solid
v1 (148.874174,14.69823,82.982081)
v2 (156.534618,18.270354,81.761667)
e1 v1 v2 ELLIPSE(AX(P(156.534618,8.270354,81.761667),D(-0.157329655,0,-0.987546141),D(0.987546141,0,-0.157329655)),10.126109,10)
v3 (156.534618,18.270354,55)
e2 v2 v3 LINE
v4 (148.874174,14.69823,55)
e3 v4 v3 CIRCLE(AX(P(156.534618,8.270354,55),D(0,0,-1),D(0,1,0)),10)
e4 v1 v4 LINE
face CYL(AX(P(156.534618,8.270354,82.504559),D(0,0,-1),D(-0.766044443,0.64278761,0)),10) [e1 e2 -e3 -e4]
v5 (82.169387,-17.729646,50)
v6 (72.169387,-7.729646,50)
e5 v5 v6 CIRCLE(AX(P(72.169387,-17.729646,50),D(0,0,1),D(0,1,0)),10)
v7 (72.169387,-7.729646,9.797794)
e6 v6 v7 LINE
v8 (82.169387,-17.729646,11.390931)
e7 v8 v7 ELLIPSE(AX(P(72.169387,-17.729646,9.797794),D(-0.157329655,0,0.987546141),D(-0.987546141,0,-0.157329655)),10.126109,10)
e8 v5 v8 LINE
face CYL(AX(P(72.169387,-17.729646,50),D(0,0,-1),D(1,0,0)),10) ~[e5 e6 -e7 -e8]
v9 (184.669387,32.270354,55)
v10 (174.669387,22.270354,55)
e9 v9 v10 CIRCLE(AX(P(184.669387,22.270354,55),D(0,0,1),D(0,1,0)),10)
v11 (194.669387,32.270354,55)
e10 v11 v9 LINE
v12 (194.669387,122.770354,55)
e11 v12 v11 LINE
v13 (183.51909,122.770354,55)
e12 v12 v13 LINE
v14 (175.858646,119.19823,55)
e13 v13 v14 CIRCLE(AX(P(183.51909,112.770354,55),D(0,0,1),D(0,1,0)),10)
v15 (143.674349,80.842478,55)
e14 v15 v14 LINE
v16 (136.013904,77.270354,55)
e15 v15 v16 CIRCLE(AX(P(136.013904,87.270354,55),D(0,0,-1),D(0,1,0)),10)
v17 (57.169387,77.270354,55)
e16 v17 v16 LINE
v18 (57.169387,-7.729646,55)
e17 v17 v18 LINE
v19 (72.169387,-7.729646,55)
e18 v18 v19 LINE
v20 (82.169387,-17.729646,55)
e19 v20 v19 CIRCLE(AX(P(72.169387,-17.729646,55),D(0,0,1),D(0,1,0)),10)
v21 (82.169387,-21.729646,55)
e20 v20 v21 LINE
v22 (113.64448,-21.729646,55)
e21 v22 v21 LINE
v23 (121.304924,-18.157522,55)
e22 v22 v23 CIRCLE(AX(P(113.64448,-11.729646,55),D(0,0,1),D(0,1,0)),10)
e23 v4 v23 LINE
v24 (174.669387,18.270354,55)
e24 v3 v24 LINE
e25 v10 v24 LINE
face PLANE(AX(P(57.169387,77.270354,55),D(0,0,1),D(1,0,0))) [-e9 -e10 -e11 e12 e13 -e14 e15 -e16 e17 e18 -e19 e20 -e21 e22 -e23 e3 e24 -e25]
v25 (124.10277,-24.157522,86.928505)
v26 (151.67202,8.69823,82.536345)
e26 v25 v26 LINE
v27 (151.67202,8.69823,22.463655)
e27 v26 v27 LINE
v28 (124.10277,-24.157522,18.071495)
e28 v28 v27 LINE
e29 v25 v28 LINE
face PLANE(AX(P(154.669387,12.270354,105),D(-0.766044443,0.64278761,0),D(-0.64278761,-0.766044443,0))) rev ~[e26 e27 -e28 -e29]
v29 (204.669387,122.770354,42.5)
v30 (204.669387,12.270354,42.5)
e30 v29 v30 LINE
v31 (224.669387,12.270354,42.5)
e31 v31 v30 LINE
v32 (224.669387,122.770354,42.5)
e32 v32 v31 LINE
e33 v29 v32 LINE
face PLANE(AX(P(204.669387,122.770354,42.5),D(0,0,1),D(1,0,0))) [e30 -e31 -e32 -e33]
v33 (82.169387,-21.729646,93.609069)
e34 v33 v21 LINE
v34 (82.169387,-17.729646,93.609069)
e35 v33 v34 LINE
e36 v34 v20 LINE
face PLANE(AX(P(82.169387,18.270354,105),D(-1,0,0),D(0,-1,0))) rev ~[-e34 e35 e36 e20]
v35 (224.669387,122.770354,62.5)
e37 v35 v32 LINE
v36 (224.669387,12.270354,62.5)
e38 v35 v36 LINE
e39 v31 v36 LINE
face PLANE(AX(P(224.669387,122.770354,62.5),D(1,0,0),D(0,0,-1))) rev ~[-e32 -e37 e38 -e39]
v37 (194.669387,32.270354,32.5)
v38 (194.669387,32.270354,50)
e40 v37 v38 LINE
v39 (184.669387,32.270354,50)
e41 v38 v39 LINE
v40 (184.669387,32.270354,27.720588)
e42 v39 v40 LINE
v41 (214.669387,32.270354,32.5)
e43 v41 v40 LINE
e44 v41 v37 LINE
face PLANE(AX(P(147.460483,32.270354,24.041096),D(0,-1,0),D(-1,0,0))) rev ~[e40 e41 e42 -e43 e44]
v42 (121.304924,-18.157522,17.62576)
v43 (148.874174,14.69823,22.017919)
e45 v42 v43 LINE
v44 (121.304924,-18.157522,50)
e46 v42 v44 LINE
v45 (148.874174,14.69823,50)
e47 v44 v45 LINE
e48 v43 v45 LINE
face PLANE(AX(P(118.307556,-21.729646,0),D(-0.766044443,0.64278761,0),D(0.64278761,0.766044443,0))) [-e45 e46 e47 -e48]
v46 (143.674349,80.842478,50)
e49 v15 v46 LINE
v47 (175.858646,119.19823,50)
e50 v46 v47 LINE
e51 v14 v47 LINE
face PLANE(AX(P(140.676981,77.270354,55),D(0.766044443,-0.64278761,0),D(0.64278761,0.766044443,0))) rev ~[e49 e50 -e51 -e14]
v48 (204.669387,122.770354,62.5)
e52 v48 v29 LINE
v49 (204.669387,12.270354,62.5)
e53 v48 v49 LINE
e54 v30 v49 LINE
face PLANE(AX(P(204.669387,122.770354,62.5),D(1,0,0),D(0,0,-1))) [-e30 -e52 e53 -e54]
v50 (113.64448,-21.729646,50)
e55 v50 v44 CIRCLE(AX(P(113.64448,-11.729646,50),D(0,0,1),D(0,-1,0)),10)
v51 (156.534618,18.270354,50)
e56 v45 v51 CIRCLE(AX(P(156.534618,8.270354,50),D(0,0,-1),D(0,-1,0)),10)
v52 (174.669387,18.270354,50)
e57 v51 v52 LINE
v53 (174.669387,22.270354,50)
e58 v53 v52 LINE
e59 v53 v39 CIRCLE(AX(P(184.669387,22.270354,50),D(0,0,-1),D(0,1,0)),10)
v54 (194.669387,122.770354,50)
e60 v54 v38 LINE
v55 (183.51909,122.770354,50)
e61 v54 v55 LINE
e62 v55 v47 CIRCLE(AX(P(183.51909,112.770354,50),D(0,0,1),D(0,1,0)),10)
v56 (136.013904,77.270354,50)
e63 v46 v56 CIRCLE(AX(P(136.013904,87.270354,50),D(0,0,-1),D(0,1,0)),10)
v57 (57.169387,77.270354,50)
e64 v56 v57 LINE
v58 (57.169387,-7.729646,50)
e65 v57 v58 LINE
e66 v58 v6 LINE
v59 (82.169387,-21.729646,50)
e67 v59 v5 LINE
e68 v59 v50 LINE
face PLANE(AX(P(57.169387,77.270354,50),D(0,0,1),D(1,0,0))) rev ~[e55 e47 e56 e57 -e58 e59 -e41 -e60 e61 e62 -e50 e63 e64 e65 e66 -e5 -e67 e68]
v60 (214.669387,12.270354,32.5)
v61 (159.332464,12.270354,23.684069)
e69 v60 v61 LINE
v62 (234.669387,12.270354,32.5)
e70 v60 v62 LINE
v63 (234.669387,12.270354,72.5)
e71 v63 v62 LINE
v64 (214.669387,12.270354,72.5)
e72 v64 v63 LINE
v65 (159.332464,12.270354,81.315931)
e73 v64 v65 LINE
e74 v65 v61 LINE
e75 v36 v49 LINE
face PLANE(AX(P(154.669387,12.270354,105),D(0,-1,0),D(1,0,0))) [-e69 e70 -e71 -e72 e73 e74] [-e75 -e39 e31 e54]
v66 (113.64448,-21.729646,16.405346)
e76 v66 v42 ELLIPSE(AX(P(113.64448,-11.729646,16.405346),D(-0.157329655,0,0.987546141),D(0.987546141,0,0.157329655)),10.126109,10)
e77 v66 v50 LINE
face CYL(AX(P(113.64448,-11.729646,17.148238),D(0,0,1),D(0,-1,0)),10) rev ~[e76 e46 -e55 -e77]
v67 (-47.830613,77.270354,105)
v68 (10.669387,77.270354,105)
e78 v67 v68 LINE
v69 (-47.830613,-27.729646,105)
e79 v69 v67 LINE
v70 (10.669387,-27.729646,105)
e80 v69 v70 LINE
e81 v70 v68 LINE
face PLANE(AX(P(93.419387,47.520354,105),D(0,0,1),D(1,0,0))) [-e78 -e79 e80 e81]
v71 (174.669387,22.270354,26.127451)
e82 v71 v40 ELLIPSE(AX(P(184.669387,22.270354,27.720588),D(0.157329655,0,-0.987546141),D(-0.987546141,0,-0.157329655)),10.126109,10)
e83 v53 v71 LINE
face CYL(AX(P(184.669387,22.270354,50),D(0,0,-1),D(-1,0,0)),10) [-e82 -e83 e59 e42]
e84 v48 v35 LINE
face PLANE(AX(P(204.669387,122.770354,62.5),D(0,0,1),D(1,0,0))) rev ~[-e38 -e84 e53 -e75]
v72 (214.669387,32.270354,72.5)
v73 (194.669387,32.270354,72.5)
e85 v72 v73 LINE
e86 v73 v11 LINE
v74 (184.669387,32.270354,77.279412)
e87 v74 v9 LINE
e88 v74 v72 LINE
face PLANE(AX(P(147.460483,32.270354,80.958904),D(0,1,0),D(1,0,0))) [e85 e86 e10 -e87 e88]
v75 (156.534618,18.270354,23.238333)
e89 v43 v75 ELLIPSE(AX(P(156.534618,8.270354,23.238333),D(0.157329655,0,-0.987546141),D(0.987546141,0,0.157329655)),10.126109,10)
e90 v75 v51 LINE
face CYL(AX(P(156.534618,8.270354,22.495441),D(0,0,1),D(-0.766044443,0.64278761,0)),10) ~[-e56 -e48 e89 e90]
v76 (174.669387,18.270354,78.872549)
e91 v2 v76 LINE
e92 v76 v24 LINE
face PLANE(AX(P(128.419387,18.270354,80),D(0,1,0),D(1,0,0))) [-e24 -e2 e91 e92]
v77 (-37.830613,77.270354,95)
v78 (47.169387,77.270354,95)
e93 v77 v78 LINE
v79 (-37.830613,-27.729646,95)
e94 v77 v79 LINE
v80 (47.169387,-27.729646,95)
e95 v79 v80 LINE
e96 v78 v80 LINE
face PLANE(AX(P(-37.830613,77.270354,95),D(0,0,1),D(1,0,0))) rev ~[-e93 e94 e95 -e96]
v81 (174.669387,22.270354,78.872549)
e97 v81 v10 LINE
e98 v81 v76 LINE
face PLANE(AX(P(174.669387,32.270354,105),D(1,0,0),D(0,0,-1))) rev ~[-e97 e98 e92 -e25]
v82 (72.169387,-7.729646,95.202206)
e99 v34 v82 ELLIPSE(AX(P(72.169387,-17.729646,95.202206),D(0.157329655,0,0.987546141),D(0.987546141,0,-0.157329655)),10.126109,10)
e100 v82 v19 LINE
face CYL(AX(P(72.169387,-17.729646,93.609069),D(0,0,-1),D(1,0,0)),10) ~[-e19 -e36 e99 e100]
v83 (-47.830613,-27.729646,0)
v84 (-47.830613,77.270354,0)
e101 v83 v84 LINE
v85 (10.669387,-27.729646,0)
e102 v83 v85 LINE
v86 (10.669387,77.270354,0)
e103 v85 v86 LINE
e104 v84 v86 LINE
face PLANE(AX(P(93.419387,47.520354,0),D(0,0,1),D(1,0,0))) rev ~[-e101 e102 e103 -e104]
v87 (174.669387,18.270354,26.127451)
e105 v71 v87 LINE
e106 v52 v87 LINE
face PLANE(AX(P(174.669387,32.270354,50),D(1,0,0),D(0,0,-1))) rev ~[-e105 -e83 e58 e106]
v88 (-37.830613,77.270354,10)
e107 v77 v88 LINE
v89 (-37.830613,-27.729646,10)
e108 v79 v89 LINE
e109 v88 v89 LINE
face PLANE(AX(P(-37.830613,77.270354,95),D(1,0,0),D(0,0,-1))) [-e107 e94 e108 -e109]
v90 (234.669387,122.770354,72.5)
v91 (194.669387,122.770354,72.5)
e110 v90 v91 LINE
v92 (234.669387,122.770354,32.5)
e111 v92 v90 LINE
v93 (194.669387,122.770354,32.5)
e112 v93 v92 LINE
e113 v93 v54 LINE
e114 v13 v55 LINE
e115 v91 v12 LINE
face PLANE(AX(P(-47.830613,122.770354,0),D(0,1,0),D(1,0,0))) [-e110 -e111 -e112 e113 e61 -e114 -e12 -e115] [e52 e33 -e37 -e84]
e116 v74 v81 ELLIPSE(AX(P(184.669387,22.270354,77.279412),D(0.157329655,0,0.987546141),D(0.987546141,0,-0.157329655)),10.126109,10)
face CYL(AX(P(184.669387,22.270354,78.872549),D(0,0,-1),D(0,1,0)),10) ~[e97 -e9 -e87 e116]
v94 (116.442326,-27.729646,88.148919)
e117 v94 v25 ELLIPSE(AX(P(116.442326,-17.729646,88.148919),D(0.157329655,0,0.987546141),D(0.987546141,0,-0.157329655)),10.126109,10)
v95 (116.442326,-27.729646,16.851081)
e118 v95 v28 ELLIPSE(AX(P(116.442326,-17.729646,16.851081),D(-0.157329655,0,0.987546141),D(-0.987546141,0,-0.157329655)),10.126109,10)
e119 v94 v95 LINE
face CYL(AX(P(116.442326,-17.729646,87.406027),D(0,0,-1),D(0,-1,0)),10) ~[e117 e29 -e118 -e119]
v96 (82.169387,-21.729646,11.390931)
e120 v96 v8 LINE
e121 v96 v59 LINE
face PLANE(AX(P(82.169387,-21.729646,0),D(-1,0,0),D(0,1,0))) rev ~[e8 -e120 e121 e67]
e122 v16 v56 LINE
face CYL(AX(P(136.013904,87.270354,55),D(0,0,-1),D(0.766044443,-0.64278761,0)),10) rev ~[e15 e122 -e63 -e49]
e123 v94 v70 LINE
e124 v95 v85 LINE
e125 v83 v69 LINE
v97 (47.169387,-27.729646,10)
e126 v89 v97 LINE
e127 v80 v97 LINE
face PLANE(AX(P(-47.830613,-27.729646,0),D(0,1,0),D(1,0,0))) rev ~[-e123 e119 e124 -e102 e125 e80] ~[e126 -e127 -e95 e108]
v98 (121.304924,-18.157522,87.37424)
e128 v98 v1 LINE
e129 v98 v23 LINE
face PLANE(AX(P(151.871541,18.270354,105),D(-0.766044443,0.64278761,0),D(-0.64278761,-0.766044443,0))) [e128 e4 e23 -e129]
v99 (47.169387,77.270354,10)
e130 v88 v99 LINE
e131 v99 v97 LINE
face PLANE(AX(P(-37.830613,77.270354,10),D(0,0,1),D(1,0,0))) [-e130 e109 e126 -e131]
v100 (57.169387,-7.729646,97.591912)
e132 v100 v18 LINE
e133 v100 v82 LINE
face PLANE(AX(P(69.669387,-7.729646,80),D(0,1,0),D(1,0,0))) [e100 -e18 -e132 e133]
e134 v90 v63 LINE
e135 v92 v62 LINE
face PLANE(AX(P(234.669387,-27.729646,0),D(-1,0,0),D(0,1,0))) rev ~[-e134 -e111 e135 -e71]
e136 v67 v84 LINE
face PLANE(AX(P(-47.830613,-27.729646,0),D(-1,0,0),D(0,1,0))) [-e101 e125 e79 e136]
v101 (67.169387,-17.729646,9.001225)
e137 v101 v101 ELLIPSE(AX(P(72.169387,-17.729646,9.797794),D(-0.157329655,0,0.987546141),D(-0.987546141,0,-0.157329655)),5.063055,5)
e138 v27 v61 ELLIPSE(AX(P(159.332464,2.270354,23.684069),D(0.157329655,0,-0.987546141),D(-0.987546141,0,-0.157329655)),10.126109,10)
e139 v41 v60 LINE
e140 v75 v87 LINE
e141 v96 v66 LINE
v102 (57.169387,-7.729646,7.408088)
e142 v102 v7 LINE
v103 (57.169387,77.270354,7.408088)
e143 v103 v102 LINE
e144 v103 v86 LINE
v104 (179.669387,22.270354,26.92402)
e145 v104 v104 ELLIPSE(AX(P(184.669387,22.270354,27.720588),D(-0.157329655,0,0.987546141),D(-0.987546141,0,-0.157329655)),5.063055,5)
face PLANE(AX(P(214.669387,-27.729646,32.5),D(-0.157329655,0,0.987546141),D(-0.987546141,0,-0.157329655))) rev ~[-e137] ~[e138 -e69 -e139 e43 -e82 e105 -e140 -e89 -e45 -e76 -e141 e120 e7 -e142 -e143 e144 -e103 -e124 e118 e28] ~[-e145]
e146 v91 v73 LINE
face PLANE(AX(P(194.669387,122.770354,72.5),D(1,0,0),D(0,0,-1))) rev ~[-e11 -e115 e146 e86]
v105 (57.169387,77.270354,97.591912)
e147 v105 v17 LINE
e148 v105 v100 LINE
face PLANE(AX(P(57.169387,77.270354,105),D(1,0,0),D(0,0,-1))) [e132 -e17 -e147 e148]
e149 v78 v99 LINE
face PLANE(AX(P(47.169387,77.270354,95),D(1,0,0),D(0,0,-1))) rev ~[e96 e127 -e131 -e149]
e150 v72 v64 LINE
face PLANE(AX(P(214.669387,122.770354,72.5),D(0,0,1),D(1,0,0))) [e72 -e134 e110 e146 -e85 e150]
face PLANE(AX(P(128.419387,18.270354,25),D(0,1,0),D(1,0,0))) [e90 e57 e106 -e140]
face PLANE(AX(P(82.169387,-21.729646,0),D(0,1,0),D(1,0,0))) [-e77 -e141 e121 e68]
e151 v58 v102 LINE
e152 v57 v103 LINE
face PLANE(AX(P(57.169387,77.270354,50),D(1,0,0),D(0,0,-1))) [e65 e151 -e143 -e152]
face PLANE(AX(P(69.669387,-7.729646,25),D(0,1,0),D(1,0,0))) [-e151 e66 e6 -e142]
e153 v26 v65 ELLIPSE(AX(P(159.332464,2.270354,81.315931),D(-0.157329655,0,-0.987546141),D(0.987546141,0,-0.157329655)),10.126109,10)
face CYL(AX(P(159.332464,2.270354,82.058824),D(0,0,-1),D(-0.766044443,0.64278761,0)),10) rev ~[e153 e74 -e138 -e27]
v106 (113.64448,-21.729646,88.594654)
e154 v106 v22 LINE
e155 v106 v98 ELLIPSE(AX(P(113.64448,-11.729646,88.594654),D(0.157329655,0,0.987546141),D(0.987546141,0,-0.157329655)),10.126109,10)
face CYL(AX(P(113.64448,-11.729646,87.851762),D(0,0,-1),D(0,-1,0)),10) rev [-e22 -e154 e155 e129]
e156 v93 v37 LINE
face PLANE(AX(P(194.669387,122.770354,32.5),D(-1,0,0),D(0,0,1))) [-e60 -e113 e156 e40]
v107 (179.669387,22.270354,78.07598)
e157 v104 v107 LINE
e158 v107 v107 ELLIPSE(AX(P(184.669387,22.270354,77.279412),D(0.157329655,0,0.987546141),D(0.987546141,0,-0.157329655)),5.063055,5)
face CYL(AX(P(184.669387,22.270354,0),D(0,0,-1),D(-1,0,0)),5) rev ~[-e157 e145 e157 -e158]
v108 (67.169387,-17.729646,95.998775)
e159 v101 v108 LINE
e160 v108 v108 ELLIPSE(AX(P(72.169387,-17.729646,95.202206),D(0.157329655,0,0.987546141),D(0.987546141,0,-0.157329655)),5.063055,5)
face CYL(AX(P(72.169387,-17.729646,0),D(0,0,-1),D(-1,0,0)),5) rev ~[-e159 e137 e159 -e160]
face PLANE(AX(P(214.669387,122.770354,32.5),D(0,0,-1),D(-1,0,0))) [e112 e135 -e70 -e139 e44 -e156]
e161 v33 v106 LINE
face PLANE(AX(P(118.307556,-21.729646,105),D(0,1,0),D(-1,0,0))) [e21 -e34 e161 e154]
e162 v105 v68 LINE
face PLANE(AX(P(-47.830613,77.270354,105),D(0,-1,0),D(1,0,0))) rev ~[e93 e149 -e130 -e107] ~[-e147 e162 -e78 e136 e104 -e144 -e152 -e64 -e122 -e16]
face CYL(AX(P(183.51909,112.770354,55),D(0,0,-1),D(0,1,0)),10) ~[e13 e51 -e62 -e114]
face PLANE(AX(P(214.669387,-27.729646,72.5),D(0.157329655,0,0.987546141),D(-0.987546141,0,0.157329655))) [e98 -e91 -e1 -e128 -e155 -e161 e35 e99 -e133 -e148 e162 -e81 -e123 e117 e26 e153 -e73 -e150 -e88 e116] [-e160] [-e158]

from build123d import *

# Parameters (mm, degrees)
SKETCH1_W           = 282.5
SKETCH1_H           = 150.5
BOSS_EXTRUDE2_DEPTH = 105
SKETCH16_W          = 80
SKETCH16_H          = 40
SKETCH16_W_2        = 130
SKETCH16_H_2        = 45.5
CUT_EXTRUDE10_DEPTH = 105
SKETCH17_W          = 20
SKETCH17_H          = 32.5
CUT_EXTRUDE11_DEPTH = 110.5
CUT_EXTRUDE12_DEPTH = 90.5
SKETCH19_W          = 92.5
SKETCH19_H          = 50
CUT_EXTRUDE13_DEPTH = 14
SKETCH20_W          = 92.5
SKETCH20_H          = 50
CUT_EXTRUDE14_DEPTH = 14
SKETCH21_W          = 25
SKETCH21_H          = 50
CUT_EXTRUDE15_DEPTH = 85
SKETCH22_W          = 85
SKETCH22_H          = 85
CUT_EXTRUDE16_DEPTH = 105
CUT_EXTRUDE17_DEPTH = 50
CUT_EXTRUDE18_DEPTH = 120
CUT_EXTRUDE19_DEPTH = 50
SKETCH27_R          = 5
CUT_EXTRUDE20_DEPTH = 120
CUT_EXTRUDE21_DEPTH = 160
FILLET1_R           = 10
FILLET2_R           = 10
CUT_EXTRUDE22_DEPTH = 160
FILLET3_R           = 10
SKETCH30_W          = 20
SKETCH30_H          = 20
CUT_EXTRUDE23_DEPTH = 160


with BuildPart() as part:
    # Sketch1 → Boss-Extrude2 (new body)
    with BuildSketch(Plane.XY):
        with Locations((93.419387358, 47.520353684)):
            Rectangle(SKETCH1_W, SKETCH1_H)
    extrude(amount=BOSS_EXTRUDE2_DEPTH)

    # Sketch16 → Cut-Extrude10 (cut)
    with BuildSketch(Plane.XY.offset(105)):
        with Locations((194.669387358, -7.729646316)):
            Rectangle(SKETCH16_W, SKETCH16_H)
        with Locations((17.169387358, 100.020353684)):
            Rectangle(SKETCH16_W_2, SKETCH16_H_2)
    extrude(amount=-CUT_EXTRUDE10_DEPTH, mode=Mode.SUBTRACT)

    # Sketch17 → Cut-Extrude11 (cut)
    with BuildSketch(Plane(origin=(0, 122.770353684, 0), x_dir=(1, 0, 0), z_dir=(0, 1, 0))):
        with Locations((224.669387358, -16.25)):
            Rectangle(SKETCH17_W, SKETCH17_H)
        with Locations((224.669387358, -88.75)):
            Rectangle(SKETCH17_W, SKETCH17_H)
    extrude(amount=-CUT_EXTRUDE11_DEPTH, mode=Mode.SUBTRACT)

    # Sketch18 → Cut-Extrude12 (cut)
    with BuildSketch(Plane(origin=(0, 122.770353684, 0), x_dir=(1, 0, 0), z_dir=(0, 1, 0))):
        Polygon((214.669387358, -32.5), (194.669387358, -32.5), (194.669387358, -50), (82.169387358, -50), (82.169387358, 0), (214.669387358, 0), align=None)
        Polygon((214.669387358, -72.5), (194.669387358, -72.5), (194.669387358, -55), (82.169387358, -55), (82.169387358, -105), (214.669387358, -105), align=None)
    extrude(amount=-CUT_EXTRUDE12_DEPTH, mode=Mode.SUBTRACT)

    # Sketch19 → Cut-Extrude13 (cut)
    with BuildSketch(Plane(origin=(0, 32.270353684, 0), x_dir=(1, 0, 0), z_dir=(0, 1, 0))):
        with Locations((128.419387358, -80)):
            Rectangle(SKETCH19_W, SKETCH19_H)
    extrude(amount=-CUT_EXTRUDE13_DEPTH, mode=Mode.SUBTRACT)

    # Sketch20 → Cut-Extrude14 (cut)
    with BuildSketch(Plane(origin=(0, 32.270353684, 0), x_dir=(1, 0, 0), z_dir=(0, 1, 0))):
        with Locations((128.419387358, -25)):
            Rectangle(SKETCH20_W, SKETCH20_H)
    extrude(amount=-CUT_EXTRUDE14_DEPTH, mode=Mode.SUBTRACT)

    # Sketch21 → Cut-Extrude15 (cut)
    with BuildSketch(Plane(origin=(0, 77.270353684, 0), x_dir=(1, 0, 0), z_dir=(0, 1, 0))):
        with Locations((69.669387358, -25)):
            Rectangle(SKETCH21_W, SKETCH21_H)
        with Locations((69.669387358, -80)):
            Rectangle(SKETCH21_W, SKETCH21_H)
    extrude(amount=-CUT_EXTRUDE15_DEPTH, mode=Mode.SUBTRACT)

    # Sketch22 → Cut-Extrude16 (cut)
    with BuildSketch(Plane(origin=(0, 77.270353684, 0), x_dir=(1, 0, 0), z_dir=(0, 1, 0))):
        with Locations((4.669387358, -52.5)):
            Rectangle(SKETCH22_W, SKETCH22_H)
    extrude(amount=-CUT_EXTRUDE16_DEPTH, mode=Mode.SUBTRACT)

    # Sketch24 → Cut-Extrude17 (cut)
    with BuildSketch(Plane.XY.offset(105)):
        Polygon((151.871541409, 18.270353684), (118.307556162, -21.729646316), (82.169387358, -21.729646316), (82.169387358, -7.729646316), (82.169387358, 18.270353684), align=None)
    extrude(amount=-CUT_EXTRUDE17_DEPTH, mode=Mode.SUBTRACT)

    # Sketch25 → Cut-Extrude18 (cut)
    with BuildSketch(Plane.XY.offset(105)):
        Polygon((154.669387358, -27.729646316), (154.669387358, 12.270353684), (121.105402111, -27.729646316), align=None)
    extrude(amount=-CUT_EXTRUDE18_DEPTH, mode=Mode.SUBTRACT)

    # Sketch26 → Cut-Extrude19 (cut)
    with BuildSketch(Plane(origin=(0, 0, 0), x_dir=(-1, 0, 0), z_dir=(0, 0, -1))):
        Polygon((-82.169387358, -7.729646316), (-82.169387358, -21.729646316), (-118.307556162, -21.729646316), (-151.871541409, 18.270353684), (-82.169387358, 18.270353684), align=None)
    extrude(amount=-CUT_EXTRUDE19_DEPTH, mode=Mode.SUBTRACT)

    # Sketch27 → Cut-Extrude20 (cut)
    with BuildSketch(Plane(origin=(0, 0, 0), x_dir=(-1, 0, 0), z_dir=(0, 0, -1))):
        with Locations((-184.669387358, 22.270353684)):
            Circle(SKETCH27_R)
        with Locations((-72.169387358, -17.729646316)):
            Circle(SKETCH27_R)
    extrude(amount=-CUT_EXTRUDE20_DEPTH, mode=Mode.SUBTRACT)

    # Sketch28 → Cut-Extrude21 (cut)
    with BuildSketch(Plane.XZ.offset(27.729646316)):
        Polygon((10.669387358, 105), (214.669387358, 105), (214.669387358, 72.5), align=None)
        Polygon((214.669387358, 32.5), (10.669387358, 0), (214.669387358, 0), align=None)
    extrude(amount=-CUT_EXTRUDE21_DEPTH, mode=Mode.SUBTRACT)

    # Fillet1
    fillet1_edges = [part.edges().sort_by_distance(p)[0] for p in [
        (174.669387358, 32.270353684, 38.06372549),
        (82.169387358, -7.729646316, 30.695465686),
        (82.169387358, -7.729646316, 74.304534314),
        (174.669387358, 32.270353684, 66.93627451),
    ]]
    fillet(fillet1_edges, radius=FILLET1_R)

    # Fillet2
    fillet2_edges = [part.edges().sort_by_distance(p)[0] for p in [
        (151.871541409, 18.270353684, 68.752279395),
        (118.307556162, -21.729646316, 71.425881161),
        (151.871541409, 18.270353684, 36.247720605),
        (118.307556162, -21.729646316, 33.574118839),
        (154.669387358, 12.270353684, 52.5),
        (121.105402111, -27.729646316, 52.5),
    ]]
    fillet(fillet2_edges, radius=FILLET2_R)

    # Sketch29 → Cut-Extrude22 (cut)
    with BuildSketch(Plane.XY.offset(55)):
        Polygon((82.169387358, 77.270353684), (140.676980695, 77.270353684), (178.856013913, 122.770353684), (82.169387358, 122.770353684), align=None)
    extrude(amount=-CUT_EXTRUDE22_DEPTH, mode=Mode.SUBTRACT)

    # Fillet3
    fillet3_edges = [part.edges().sort_by_distance(p)[0] for p in [
        (178.856013913, 122.770353684, 52.5),
        (140.676980695, 77.270353684, 52.5),
    ]]
    fillet(fillet3_edges, radius=FILLET3_R)

    # Sketch30 → Cut-Extrude23 (cut)
    with BuildSketch(Plane(origin=(0, 122.770353684, 0), x_dir=(1, 0, 0), z_dir=(0, 1, 0))):
        with Locations((214.669387358, -52.5)):
            Rectangle(SKETCH30_W, SKETCH30_H)
    extrude(amount=-CUT_EXTRUDE23_DEPTH, mode=Mode.SUBTRACT)


solid = part.part
